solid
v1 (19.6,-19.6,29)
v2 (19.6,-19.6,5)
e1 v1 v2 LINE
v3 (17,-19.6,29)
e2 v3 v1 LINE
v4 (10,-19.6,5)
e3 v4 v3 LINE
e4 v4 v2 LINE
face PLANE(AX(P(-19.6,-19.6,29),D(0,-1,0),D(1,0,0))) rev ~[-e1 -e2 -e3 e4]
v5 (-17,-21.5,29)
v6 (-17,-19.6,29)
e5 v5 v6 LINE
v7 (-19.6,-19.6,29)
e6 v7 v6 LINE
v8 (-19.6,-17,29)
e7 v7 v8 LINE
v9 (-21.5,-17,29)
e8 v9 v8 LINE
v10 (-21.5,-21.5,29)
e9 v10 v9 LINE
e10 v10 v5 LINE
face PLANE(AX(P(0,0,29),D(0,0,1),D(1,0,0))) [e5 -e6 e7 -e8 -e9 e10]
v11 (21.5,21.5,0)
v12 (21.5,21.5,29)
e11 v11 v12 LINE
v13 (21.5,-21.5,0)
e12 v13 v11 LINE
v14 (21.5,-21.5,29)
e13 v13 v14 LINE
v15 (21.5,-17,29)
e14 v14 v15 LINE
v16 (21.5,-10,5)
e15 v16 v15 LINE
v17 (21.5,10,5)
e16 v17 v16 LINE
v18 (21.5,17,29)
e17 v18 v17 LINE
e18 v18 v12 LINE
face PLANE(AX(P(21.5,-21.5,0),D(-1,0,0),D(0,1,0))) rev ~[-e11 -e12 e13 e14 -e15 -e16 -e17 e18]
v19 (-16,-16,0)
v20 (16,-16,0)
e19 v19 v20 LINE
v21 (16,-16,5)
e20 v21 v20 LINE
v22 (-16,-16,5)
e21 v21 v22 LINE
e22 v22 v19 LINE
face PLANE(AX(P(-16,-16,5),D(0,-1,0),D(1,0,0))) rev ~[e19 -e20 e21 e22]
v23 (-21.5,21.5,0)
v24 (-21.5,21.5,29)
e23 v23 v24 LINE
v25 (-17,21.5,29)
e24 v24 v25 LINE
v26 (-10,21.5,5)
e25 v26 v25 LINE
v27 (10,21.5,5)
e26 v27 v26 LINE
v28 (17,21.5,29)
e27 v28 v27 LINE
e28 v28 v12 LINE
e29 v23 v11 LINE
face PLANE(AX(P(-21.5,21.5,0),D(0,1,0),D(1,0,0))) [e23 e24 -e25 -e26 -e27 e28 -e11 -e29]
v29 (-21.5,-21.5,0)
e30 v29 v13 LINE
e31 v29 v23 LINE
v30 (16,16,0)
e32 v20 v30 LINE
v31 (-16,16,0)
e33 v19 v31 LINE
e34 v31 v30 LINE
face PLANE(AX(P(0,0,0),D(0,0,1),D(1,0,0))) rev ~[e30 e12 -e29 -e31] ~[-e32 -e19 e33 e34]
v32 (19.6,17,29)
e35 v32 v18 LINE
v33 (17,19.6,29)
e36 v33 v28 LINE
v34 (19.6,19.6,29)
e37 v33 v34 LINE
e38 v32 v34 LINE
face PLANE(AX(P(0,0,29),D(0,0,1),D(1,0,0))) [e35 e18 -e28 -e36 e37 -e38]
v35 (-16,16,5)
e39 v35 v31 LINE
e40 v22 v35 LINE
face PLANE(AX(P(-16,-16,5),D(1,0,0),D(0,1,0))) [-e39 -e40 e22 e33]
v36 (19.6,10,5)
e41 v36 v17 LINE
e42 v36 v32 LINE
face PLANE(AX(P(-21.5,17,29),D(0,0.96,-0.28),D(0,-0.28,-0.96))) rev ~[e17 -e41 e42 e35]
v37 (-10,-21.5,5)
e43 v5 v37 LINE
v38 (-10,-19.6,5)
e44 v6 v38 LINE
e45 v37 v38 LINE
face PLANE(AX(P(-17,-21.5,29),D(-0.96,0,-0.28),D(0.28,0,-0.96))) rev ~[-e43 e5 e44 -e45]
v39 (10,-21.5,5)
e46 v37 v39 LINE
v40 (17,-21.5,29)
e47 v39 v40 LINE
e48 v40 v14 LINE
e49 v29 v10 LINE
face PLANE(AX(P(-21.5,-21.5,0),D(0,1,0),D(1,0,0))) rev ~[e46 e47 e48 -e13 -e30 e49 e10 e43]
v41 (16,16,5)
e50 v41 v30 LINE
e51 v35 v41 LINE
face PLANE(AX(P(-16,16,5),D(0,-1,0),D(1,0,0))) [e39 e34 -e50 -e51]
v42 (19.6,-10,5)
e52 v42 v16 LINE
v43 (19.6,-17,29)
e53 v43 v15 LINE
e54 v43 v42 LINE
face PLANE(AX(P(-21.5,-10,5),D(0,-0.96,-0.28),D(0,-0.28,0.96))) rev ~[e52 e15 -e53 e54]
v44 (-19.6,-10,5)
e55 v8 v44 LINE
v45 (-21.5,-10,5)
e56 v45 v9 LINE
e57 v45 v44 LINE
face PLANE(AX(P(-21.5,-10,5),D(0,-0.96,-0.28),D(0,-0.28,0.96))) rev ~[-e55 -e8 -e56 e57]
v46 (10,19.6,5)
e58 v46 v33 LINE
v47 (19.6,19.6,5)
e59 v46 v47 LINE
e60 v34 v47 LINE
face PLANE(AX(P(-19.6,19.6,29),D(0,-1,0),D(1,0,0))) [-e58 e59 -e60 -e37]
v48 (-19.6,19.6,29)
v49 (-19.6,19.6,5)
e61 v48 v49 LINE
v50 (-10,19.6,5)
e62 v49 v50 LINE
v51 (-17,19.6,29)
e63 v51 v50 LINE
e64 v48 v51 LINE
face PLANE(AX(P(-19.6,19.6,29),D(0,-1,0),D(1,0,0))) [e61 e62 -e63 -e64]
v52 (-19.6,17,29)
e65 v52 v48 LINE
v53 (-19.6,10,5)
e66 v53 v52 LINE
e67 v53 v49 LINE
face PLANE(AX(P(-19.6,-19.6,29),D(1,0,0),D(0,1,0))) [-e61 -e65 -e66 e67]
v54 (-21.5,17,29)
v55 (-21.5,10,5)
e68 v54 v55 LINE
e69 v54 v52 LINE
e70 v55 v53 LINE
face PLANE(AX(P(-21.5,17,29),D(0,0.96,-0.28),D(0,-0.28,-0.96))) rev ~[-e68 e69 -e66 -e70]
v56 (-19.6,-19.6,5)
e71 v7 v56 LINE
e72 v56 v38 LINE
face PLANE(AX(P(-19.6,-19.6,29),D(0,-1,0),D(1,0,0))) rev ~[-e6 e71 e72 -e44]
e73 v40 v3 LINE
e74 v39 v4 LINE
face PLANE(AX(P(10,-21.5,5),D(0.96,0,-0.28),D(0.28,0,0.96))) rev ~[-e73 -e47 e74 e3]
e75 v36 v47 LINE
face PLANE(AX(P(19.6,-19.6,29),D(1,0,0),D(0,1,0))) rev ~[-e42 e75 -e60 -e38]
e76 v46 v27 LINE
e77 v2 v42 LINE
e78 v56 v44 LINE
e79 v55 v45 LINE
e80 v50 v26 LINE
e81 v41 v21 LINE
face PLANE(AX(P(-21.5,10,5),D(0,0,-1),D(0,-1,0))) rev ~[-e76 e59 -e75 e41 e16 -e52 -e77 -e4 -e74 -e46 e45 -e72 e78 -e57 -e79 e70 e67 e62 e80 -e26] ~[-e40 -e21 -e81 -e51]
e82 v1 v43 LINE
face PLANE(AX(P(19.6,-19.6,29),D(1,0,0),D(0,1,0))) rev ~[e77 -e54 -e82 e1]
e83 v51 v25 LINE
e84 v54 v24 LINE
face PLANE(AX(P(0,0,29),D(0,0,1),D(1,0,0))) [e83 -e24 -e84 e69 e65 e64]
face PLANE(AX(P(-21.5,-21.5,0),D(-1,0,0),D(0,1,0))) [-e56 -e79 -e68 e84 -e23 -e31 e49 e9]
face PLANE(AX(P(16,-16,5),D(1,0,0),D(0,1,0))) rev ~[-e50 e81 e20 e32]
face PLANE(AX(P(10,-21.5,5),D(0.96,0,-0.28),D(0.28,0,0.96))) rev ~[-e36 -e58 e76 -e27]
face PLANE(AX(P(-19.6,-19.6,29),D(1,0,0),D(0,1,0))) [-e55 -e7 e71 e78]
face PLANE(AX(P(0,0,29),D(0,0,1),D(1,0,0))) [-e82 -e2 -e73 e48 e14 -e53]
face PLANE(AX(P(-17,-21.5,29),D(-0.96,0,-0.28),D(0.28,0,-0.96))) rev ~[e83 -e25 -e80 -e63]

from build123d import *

# Parameters (mm, degrees)
SKETCH_W        = 43
SKETCH_H        = 43
PAD_DEPTH       = 29
SKETCH001_W     = 39.2
SKETCH001_H     = 39.2
POCKET_DEPTH    = 24
SKETCH002_W     = 32
SKETCH002_H     = 32
POCKET001_DEPTH = 5.001
POCKET002_DEPTH = 43.001
POCKET003_DEPTH = 43.001


with BuildPart() as part:
    # Sketch → Pad (new body)
    with BuildSketch(Plane.XY):
        Rectangle(SKETCH_W, SKETCH_H)
    extrude(amount=PAD_DEPTH)

    # Sketch001 → Pocket (cut)
    with BuildSketch(Plane.XY.offset(29)):
        Rectangle(SKETCH001_W, SKETCH001_H)
    extrude(amount=-POCKET_DEPTH, mode=Mode.SUBTRACT)

    # Sketch002 → Pocket001 (cut, through all)
    with BuildSketch(Plane.XY.offset(5)):
        Rectangle(SKETCH002_W, SKETCH002_H)
    extrude(amount=-POCKET001_DEPTH, mode=Mode.SUBTRACT)

    # Sketch003 → Pocket002 (cut, through all)
    with BuildSketch(Plane.XZ.offset(21.5)):
        Polygon((-17, 29), (-10, 5), (10, 5), (17, 29), align=None)
    extrude(amount=-POCKET002_DEPTH, mode=Mode.SUBTRACT)

    # Sketch004 → Pocket003 (cut, through all)
    with BuildSketch(Plane(origin=(-21.5, 0, 0), x_dir=(0, -1, 0), z_dir=(-1, 0, 0))):
        Polygon((-17, 29), (-10, 5), (10, 5), (17, 29), align=None)
    extrude(amount=-POCKET003_DEPTH, mode=Mode.SUBTRACT)


solid = part.part
